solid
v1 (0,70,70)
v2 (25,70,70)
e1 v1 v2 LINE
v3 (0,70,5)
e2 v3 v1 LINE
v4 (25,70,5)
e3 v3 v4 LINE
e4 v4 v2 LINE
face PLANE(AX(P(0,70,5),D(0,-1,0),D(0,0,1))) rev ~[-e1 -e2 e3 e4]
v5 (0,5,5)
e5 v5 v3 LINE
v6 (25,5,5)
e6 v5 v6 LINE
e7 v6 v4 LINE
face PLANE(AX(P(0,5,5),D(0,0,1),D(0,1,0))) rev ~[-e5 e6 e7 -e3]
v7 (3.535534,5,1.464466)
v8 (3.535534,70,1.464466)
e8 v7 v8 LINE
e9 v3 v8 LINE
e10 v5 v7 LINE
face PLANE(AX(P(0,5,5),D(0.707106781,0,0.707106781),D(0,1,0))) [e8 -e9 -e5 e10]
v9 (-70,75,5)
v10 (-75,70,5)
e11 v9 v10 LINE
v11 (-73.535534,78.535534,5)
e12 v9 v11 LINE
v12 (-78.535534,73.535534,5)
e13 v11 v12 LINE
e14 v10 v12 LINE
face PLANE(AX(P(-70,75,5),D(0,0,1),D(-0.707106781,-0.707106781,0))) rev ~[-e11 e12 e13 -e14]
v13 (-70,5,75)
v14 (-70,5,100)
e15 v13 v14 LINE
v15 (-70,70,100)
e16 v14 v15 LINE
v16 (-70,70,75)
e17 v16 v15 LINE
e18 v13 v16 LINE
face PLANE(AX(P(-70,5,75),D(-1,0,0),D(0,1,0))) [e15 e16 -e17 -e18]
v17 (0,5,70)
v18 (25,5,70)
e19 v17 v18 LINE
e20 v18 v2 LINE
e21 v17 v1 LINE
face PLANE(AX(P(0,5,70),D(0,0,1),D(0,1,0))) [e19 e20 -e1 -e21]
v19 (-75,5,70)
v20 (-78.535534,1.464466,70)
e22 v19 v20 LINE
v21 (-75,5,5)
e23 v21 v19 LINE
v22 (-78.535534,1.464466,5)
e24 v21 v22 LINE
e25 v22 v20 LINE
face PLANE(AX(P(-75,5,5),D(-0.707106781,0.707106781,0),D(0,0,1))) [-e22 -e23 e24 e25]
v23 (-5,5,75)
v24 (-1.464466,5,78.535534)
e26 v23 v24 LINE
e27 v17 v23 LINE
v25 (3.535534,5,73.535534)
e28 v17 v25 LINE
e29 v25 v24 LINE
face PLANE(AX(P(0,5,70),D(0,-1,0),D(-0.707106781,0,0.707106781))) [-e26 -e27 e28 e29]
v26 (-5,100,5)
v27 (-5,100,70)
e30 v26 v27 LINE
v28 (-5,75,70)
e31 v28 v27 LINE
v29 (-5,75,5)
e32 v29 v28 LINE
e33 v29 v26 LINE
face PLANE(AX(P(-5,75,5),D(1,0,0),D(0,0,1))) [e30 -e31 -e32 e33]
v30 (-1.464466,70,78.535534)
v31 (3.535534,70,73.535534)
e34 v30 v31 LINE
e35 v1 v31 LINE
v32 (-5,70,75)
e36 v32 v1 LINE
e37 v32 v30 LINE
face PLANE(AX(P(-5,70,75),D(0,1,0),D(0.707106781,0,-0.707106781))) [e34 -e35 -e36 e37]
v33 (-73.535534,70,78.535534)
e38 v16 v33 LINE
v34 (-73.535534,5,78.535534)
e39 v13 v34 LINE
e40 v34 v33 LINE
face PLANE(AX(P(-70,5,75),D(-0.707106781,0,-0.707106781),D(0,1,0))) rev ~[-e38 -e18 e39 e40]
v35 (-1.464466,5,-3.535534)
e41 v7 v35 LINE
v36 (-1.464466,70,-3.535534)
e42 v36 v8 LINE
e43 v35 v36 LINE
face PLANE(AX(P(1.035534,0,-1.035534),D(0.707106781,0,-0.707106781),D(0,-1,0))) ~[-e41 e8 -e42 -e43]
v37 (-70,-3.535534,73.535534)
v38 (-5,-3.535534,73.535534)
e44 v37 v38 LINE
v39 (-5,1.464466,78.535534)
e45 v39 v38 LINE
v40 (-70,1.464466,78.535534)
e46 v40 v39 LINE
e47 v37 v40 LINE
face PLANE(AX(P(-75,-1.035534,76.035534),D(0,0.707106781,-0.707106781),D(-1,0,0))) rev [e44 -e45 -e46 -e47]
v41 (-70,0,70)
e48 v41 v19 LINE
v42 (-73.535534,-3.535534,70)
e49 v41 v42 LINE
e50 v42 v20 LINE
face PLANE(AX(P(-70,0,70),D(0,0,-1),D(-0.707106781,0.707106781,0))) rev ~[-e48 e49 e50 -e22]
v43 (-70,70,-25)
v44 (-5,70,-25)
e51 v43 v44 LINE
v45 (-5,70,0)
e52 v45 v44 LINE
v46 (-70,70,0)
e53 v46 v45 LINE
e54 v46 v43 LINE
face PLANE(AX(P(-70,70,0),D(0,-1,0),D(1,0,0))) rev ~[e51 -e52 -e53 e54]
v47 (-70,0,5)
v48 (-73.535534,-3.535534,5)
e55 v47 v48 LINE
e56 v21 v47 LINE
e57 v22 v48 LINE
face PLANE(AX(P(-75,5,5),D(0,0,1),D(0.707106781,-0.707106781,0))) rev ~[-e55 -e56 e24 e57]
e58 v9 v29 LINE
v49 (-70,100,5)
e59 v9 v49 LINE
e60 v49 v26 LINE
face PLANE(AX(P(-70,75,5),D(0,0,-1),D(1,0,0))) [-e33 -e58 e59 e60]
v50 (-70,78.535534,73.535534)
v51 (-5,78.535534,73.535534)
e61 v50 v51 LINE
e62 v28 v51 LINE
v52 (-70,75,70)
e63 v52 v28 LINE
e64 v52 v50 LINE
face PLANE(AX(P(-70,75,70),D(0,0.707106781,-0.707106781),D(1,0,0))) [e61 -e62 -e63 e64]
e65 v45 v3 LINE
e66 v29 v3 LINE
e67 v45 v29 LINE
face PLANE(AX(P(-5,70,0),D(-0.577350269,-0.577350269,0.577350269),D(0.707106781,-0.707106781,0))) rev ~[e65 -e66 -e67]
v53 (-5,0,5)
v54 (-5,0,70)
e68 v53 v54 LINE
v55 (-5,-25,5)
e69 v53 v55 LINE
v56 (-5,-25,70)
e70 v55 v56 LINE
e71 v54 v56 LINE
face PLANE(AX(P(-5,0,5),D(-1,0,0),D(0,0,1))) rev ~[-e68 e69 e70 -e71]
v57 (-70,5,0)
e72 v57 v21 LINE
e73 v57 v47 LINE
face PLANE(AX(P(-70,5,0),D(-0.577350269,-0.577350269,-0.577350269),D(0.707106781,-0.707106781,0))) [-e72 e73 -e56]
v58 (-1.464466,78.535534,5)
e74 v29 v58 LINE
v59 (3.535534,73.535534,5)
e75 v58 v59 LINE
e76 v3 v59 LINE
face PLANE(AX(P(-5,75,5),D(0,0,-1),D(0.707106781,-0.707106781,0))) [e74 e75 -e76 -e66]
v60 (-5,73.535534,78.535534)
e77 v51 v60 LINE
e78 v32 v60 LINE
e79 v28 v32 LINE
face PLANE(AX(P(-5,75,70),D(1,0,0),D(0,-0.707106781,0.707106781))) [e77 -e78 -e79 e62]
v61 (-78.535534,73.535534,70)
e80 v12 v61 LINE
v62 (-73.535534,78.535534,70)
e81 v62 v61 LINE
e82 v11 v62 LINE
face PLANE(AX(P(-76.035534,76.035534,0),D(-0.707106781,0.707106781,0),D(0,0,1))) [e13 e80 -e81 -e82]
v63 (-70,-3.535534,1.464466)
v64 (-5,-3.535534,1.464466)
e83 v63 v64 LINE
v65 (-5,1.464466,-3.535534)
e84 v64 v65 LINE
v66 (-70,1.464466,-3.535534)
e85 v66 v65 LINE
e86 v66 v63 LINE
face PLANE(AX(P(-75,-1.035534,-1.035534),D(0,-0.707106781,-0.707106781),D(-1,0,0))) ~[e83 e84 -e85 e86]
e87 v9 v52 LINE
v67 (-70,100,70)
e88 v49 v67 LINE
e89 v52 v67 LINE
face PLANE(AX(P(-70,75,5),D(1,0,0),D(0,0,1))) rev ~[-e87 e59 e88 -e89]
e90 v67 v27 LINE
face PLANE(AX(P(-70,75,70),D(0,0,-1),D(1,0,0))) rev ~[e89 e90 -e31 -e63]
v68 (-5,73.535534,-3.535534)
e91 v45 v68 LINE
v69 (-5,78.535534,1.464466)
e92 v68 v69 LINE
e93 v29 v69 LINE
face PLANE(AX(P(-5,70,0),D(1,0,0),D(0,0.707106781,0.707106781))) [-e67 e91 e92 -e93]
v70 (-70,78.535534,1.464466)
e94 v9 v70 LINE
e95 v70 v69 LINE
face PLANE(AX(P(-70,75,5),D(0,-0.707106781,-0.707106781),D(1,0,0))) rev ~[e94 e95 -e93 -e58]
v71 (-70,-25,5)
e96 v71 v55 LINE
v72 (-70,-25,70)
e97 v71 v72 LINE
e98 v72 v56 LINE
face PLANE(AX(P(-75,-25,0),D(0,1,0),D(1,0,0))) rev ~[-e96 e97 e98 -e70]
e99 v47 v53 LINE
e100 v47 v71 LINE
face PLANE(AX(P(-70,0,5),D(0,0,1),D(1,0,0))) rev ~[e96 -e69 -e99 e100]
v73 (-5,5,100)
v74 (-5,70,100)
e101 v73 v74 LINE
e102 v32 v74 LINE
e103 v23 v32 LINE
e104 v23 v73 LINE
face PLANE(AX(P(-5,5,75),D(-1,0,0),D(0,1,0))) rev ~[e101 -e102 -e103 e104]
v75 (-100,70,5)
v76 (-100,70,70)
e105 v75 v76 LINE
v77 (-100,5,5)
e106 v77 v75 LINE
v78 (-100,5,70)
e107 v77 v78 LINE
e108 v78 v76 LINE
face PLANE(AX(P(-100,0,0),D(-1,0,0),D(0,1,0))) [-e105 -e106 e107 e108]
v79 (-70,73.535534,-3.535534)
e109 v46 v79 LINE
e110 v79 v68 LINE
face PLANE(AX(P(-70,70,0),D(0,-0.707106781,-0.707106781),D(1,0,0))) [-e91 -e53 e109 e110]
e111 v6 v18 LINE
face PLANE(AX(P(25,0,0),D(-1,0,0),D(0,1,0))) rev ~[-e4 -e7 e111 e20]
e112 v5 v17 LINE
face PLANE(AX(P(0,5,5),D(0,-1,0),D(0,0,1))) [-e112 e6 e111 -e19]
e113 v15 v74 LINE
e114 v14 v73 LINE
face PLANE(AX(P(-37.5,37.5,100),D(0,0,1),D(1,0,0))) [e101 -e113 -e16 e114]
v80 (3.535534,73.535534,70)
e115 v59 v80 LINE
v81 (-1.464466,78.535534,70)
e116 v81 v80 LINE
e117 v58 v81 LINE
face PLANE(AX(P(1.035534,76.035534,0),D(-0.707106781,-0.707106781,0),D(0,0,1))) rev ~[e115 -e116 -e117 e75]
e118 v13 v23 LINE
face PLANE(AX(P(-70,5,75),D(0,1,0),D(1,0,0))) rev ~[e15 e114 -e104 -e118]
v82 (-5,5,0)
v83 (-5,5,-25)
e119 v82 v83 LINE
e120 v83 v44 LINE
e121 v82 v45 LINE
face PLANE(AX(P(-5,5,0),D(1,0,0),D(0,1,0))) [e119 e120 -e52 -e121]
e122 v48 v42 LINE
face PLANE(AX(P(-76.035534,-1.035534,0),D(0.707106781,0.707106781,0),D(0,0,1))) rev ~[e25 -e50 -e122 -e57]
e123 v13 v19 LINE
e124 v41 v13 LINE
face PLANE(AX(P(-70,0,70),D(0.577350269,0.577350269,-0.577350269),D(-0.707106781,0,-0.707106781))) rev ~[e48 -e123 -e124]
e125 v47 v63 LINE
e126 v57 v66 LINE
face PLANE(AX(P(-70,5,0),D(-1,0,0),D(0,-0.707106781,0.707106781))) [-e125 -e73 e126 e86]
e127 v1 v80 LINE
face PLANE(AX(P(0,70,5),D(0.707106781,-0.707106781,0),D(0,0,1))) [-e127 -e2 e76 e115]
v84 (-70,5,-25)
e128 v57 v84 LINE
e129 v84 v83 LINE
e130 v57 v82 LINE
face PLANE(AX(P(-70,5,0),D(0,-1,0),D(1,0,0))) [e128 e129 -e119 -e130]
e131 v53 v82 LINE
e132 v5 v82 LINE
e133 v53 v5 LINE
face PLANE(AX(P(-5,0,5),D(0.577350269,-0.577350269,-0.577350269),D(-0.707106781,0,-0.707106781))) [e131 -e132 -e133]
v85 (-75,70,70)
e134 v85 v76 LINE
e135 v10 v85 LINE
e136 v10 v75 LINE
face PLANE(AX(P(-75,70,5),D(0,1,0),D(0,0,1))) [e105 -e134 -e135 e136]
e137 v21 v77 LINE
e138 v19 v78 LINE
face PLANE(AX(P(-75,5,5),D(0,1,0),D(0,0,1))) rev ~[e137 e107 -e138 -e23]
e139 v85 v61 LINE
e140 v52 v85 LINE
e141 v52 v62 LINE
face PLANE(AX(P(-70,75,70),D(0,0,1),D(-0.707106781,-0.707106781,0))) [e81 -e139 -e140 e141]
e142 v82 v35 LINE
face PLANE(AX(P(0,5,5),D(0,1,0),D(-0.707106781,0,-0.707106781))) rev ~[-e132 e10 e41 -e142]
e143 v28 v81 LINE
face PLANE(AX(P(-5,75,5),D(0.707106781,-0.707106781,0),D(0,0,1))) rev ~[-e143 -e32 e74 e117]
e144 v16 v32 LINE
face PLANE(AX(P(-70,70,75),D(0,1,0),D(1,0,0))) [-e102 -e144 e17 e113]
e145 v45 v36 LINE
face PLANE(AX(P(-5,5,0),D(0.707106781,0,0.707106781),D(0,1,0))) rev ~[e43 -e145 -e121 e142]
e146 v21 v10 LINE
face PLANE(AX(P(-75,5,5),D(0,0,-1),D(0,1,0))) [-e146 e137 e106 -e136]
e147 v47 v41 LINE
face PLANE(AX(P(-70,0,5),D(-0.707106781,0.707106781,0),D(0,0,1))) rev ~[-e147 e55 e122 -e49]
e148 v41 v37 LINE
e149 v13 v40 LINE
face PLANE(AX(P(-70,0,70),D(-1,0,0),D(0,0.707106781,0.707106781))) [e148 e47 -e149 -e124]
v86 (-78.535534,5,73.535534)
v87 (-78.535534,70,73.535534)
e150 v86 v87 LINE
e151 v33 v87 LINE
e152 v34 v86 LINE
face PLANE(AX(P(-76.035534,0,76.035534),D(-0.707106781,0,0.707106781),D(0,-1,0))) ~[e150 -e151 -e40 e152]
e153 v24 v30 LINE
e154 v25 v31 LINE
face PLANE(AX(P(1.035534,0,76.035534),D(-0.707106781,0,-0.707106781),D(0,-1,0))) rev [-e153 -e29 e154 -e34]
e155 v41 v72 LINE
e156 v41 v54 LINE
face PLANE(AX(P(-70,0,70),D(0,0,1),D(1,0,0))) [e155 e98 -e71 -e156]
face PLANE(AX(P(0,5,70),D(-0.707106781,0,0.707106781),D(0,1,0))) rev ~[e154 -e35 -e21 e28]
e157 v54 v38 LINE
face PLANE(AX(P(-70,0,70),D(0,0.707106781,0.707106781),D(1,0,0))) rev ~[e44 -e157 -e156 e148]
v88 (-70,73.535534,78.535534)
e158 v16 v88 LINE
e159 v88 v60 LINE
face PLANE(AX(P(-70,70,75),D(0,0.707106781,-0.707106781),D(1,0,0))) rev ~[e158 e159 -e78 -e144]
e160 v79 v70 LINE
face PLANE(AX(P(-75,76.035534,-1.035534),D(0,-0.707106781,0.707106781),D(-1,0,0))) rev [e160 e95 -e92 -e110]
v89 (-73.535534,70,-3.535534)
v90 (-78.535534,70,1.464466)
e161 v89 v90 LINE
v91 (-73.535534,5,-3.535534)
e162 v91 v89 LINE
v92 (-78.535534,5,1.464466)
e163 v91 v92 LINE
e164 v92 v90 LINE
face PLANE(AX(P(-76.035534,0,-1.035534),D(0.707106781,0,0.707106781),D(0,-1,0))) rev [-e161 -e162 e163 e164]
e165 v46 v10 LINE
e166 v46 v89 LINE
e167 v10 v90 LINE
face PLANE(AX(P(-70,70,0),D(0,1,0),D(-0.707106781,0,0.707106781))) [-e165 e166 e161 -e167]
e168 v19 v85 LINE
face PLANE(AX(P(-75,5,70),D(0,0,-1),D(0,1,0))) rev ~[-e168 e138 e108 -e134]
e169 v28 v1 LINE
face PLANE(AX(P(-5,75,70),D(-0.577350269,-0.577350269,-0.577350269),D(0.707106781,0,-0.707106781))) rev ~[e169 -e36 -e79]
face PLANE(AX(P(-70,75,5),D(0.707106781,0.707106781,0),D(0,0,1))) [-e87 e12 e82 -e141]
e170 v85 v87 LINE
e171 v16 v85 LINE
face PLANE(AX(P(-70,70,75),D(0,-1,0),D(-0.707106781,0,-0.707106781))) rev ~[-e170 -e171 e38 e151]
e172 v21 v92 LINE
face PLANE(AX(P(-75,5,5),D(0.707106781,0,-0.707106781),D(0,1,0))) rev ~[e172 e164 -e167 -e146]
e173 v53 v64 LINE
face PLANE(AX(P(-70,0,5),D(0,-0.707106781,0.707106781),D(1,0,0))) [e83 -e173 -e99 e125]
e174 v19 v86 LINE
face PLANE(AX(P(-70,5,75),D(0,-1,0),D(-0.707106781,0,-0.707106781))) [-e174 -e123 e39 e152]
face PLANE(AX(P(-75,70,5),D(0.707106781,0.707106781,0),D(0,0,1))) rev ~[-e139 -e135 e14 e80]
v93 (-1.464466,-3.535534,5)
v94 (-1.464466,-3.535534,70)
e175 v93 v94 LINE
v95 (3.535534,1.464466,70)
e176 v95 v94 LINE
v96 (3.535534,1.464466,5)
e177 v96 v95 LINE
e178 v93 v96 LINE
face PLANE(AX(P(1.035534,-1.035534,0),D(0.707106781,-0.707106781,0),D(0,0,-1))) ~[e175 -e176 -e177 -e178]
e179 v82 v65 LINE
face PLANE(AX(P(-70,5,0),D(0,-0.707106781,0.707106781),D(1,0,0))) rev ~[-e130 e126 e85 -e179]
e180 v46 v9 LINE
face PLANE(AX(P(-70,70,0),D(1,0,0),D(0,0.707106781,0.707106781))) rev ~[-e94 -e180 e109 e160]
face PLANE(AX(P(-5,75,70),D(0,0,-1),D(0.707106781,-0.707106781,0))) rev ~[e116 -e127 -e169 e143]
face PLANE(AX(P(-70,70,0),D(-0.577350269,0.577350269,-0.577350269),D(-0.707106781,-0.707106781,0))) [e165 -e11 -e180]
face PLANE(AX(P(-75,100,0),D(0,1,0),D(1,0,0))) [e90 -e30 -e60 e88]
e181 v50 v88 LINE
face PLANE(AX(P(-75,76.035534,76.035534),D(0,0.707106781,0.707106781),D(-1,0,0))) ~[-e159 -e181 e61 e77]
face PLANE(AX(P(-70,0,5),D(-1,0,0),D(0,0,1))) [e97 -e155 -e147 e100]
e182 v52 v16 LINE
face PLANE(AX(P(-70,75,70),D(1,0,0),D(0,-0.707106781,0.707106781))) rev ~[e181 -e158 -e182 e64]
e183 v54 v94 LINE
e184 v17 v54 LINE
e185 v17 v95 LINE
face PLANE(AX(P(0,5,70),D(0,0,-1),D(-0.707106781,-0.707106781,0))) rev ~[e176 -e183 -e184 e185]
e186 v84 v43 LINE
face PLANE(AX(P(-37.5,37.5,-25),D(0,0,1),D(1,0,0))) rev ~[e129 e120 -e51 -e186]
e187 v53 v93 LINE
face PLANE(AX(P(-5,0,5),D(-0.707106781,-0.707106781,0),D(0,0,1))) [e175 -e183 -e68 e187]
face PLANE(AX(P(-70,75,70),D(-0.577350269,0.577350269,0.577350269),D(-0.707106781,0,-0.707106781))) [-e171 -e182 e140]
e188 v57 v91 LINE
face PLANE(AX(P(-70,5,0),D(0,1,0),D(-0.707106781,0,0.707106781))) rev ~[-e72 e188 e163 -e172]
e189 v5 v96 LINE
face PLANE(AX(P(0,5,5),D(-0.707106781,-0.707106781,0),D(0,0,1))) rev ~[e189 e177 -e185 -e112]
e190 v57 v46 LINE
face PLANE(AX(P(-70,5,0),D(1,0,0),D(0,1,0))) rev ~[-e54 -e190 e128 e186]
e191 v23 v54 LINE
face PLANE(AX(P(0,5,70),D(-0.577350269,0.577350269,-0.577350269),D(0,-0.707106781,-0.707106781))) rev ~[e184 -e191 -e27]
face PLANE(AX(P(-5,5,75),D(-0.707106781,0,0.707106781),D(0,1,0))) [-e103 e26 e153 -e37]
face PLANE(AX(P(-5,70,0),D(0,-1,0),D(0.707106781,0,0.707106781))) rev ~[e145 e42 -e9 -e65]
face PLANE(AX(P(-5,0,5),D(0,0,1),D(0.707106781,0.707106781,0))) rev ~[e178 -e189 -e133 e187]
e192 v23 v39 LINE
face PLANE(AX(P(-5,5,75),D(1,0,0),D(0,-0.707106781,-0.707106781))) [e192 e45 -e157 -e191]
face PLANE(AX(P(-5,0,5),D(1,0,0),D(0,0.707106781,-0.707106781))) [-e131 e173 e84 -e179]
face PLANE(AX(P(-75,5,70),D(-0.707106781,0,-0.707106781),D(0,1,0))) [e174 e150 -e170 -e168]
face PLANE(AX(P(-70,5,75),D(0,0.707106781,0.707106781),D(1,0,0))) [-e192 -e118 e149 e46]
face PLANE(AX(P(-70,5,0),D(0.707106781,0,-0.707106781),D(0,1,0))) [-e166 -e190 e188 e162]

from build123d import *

# Parameters (mm, degrees)
F0_W      = 75
F0_H      = 75
F1_DEPTH  = 75
F2_SIZE   = 5
F3_DEPTH  = 5
F4_DEPTH  = 5
F5_DEPTH  = 5
F6_DEPTH  = 5
F7_DEPTH  = 5
F8_DEPTH  = 5
F9_DEPTH  = 5
F10_DEPTH = 5
F11_DEPTH = 5
F12_DEPTH = 5
F13_DEPTH = 5
F14_DEPTH = 5
F15_DEPTH = 25
F16_DEPTH = 25
F17_DEPTH = 25
F18_DEPTH = 25
F19_DEPTH = 25
F20_DEPTH = 25


with BuildPart() as f1:
    # F0 (on Top) → F1 (new body)
    with BuildSketch(Plane.XY):
        with Locations((-37.5, 37.5)):
            Rectangle(F0_W, F0_H)
    extrude(amount=F1_DEPTH)

    # F2
    f2_edges = [f1.edges().sort_by_distance(p)[0] for p in [
        (-75, 37.5, 75),
        (-37.5, 0, 75),
        (0, 37.5, 75),
        (-37.5, 75, 75),
        (0, 75, 37.5),
        (-75, 75, 37.5),
        (-37.5, 75, 0),
        (-75, 0, 37.5),
        (-75, 37.5, 0),
        (0, 37.5, 0),
        (0, 0, 37.5),
        (-37.5, 0, 0),
    ]]
    chamfer(f2_edges, length=F2_SIZE)

    # F3 (add): a face of the model
    f3_faces = [f1.faces().sort_by_distance(p)[0] for p in [
        (-72.5, 37.5, 72.5),
    ]]
    extrude(f3_faces, amount=F3_DEPTH)

    # F4 (add): a face of the model
    f4_faces = [f1.faces().sort_by_distance(p)[0] for p in [
        (-37.5, 72.5, 72.5),
    ]]
    extrude(f4_faces, amount=F4_DEPTH)

    # F5 (add): a face of the model
    f5_faces = [f1.faces().sort_by_distance(p)[0] for p in [
        (-2.5, 37.5, 72.5),
    ]]
    extrude(f5_faces, amount=F5_DEPTH)

    # F6 (add): a face of the model
    f6_faces = [f1.faces().sort_by_distance(p)[0] for p in [
        (-37.5, 2.5, 72.5),
    ]]
    extrude(f6_faces, amount=F6_DEPTH)

    # F7 (add): a face of the model
    f7_faces = [f1.faces().sort_by_distance(p)[0] for p in [
        (-2.5, 72.5, 37.5),
    ]]
    extrude(f7_faces, amount=F7_DEPTH)

    # F8 (add): a face of the model
    f8_faces = [f1.faces().sort_by_distance(p)[0] for p in [
        (-2.5, 37.5, 2.5),
    ]]
    extrude(f8_faces, amount=F8_DEPTH)

    # F9 (add): a face of the model
    f9_faces = [f1.faces().sort_by_distance(p)[0] for p in [
        (-2.5, 2.5, 37.5),
    ]]
    extrude(f9_faces, amount=F9_DEPTH)

    # F10 (add): a face of the model
    f10_faces = [f1.faces().sort_by_distance(p)[0] for p in [
        (-37.5, 72.5, 2.5),
    ]]
    extrude(f10_faces, amount=F10_DEPTH)

    # F11 (add): a face of the model
    f11_faces = [f1.faces().sort_by_distance(p)[0] for p in [
        (-37.5, 2.5, 2.5),
    ]]
    extrude(f11_faces, amount=F11_DEPTH)

    # F12 (add): a face of the model
    f12_faces = [f1.faces().sort_by_distance(p)[0] for p in [
        (-72.5, 72.5, 37.5),
    ]]
    extrude(f12_faces, amount=F12_DEPTH)

    # F13 (add): a face of the model
    f13_faces = [f1.faces().sort_by_distance(p)[0] for p in [
        (-72.5, 37.5, 2.5),
    ]]
    extrude(f13_faces, amount=F13_DEPTH)

    # F14 (add): a face of the model
    f14_faces = [f1.faces().sort_by_distance(p)[0] for p in [
        (-72.5, 2.5, 37.5),
    ]]
    extrude(f14_faces, amount=F14_DEPTH)

    # F15 (add): a face of the model
    f15_faces = [f1.faces().sort_by_distance(p)[0] for p in [
        (-75, 37.5, 37.5),
    ]]
    extrude(f15_faces, amount=F15_DEPTH)

    # F16 (add): a face of the model
    f16_faces = [f1.faces().sort_by_distance(p)[0] for p in [
        (-37.5, 37.5, 75),
    ]]
    extrude(f16_faces, amount=F16_DEPTH)

    # F17 (add): a face of the model
    f17_faces = [f1.faces().sort_by_distance(p)[0] for p in [
        (0, 37.5, 37.5),
    ]]
    extrude(f17_faces, amount=F17_DEPTH)

    # F18 (add): a face of the model
    f18_faces = [f1.faces().sort_by_distance(p)[0] for p in [
        (-37.5, 37.5, 0),
    ]]
    extrude(f18_faces, amount=F18_DEPTH)

    # F19 (add): a face of the model
    f19_faces = [f1.faces().sort_by_distance(p)[0] for p in [
        (-37.5, 0, 37.5),
    ]]
    extrude(f19_faces, amount=F19_DEPTH)

    # F20 (add): a face of the model
    f20_faces = [f1.faces().sort_by_distance(p)[0] for p in [
        (-37.5, 75, 37.5),
    ]]
    extrude(f20_faces, amount=F20_DEPTH)


solid = f1.part
